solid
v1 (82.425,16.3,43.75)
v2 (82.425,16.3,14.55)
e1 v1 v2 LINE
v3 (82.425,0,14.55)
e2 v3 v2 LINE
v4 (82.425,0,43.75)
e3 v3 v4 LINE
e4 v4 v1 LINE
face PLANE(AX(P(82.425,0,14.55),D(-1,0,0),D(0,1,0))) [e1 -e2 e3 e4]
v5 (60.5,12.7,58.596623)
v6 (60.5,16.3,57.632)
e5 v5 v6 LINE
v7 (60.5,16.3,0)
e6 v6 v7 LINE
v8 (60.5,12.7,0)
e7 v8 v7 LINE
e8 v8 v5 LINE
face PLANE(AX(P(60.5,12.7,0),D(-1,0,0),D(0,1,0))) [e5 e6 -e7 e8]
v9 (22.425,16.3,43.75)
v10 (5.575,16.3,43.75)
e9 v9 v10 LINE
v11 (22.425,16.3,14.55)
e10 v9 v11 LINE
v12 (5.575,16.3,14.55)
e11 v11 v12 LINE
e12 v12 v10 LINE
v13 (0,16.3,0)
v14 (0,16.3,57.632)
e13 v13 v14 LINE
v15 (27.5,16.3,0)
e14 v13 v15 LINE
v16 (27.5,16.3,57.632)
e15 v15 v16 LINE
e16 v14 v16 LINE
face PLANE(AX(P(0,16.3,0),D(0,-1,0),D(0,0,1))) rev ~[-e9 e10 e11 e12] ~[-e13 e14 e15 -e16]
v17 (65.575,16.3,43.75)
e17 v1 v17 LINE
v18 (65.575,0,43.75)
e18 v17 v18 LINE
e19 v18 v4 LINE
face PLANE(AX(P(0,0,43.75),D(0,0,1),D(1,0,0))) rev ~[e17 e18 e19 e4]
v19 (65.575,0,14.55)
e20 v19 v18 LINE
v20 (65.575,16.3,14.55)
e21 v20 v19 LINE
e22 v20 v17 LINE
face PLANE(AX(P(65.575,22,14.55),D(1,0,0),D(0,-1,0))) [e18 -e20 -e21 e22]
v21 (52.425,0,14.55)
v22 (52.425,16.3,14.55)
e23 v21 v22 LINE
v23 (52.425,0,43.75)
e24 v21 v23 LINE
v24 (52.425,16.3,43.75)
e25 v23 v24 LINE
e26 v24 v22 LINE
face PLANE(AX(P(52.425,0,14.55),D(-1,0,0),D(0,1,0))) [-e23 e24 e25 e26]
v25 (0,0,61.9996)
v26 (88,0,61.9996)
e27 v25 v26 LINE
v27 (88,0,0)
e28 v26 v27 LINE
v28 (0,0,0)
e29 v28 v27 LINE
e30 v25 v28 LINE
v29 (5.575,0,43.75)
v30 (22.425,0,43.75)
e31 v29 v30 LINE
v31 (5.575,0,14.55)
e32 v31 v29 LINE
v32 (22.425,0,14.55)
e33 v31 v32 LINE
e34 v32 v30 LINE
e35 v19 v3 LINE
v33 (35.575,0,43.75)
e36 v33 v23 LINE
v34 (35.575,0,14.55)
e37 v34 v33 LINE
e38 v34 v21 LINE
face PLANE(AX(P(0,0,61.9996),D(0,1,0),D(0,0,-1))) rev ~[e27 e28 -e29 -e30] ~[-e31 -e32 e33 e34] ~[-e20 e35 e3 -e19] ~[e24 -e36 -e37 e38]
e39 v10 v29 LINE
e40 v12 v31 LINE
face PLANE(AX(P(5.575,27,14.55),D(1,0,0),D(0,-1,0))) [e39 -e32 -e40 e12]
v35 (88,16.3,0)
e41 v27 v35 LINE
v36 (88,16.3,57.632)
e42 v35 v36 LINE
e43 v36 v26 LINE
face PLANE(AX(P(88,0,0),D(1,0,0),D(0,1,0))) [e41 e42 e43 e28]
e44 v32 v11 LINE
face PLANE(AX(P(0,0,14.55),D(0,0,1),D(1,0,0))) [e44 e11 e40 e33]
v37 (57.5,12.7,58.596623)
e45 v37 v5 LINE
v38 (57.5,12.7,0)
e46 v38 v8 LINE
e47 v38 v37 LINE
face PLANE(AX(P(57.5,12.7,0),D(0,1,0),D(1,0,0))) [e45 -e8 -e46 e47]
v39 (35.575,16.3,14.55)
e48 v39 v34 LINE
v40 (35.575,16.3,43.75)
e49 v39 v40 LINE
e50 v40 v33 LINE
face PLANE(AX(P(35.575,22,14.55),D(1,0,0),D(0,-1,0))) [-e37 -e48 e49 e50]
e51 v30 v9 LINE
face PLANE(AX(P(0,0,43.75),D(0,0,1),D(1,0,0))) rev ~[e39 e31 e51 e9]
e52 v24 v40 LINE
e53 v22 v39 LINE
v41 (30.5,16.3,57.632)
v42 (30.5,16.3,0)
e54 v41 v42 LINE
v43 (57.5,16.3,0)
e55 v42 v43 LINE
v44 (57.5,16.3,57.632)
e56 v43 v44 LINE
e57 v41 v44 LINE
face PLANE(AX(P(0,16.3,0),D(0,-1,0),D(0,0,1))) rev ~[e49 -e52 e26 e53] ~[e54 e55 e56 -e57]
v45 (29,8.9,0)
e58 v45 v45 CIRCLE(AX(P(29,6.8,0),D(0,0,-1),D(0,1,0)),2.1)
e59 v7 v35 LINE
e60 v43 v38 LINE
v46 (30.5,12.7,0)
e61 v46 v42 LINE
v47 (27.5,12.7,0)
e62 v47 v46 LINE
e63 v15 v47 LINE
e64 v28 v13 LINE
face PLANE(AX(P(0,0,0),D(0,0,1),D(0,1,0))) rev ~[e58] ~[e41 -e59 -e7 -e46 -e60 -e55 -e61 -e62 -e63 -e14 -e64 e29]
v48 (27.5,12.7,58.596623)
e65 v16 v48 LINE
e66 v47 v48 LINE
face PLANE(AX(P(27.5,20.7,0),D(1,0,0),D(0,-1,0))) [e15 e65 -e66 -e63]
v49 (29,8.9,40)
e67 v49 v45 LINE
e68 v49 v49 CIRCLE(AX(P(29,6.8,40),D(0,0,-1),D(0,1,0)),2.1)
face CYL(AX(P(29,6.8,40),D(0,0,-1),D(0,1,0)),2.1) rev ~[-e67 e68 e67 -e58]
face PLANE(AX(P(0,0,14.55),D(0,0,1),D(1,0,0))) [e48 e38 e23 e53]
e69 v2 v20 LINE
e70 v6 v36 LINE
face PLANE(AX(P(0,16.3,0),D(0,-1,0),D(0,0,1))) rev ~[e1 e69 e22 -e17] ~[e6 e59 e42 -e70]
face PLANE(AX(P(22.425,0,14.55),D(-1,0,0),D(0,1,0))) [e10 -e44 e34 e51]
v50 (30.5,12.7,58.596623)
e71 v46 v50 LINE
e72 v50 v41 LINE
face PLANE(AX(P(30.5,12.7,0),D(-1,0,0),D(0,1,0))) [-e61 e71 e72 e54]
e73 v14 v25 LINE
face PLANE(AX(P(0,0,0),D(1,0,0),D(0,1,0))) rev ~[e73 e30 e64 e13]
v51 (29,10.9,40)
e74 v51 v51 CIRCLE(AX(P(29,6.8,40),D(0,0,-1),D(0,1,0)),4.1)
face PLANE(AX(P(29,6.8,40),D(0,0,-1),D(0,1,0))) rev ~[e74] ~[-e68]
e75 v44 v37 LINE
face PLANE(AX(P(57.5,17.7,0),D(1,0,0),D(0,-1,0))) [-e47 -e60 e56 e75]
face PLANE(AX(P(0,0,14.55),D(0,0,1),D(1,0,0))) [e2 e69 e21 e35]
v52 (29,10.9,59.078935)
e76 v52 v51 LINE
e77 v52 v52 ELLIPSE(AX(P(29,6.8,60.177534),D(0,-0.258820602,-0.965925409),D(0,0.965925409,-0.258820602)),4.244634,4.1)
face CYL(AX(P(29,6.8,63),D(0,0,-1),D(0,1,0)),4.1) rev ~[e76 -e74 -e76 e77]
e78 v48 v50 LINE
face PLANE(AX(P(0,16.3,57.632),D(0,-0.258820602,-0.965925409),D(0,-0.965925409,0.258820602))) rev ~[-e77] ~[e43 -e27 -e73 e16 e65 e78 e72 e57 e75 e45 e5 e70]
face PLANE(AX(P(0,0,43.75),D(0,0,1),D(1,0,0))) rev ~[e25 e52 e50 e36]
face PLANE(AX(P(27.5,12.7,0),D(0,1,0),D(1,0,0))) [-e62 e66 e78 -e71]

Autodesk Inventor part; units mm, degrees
sketch "Sketch_1" plane through (0, 0, 0) normal (1, 0, 0) x (0, 1, 0)
  line L0 (0, 61.9996) -> (0, 0)
  line L1 (0, 0) -> (16.3, 0)
  line L2 (16.3, 0) -> (16.3, 57.632)
  line L3 (16.3, 57.632) -> (0, 61.9996)
extrude "Extrusion1" add sketch "Sketch_1" along normal blind 88
sketch "Sketch_2" plane through (0, 0, 0) normal (0, 0, 1) x (1, 0, 0)
  line L0 (27.5, 20.7) -> (27.5, 12.7)
  line L1 (27.5, 12.7) -> (30.5, 12.7)
  line L2 (30.5, 12.7) -> (30.5, 17.7)
  line L3 (30.5, 17.7) -> (57.5, 17.7)
  line L4 (57.5, 17.7) -> (57.5, 12.7)
  line L5 (57.5, 12.7) -> (60.5, 12.7)
  line L6 (60.5, 12.7) -> (60.5, 20.7)
  line L7 (60.5, 20.7) -> (27.5, 20.7)
extrude "Extrusion2" cut sketch "Sketch_2" along normal blind 65
sketch "Sketch_3" plane through (0, 0, 14.55) normal (0, 0, 1) x (1, 0, 0)
  line L0 (5.575, 27) -> (5.575, 0)
  line L1 (5.575, 0) -> (22.425, 0)
  line L2 (22.425, 0) -> (22.425, 22)
  line L3 (22.425, 22) -> (35.575, 22)
  line L4 (35.575, 22) -> (35.575, 0)
  line L5 (35.575, 0) -> (52.425, 0)
  line L6 (52.425, 0) -> (52.425, 22)
  line L7 (52.425, 22) -> (65.575, 22)
  line L8 (65.575, 22) -> (65.575, 0)
  line L9 (65.575, 0) -> (82.425, 0)
  line L10 (82.425, 0) -> (82.425, 27)
  line L11 (82.425, 27) -> (5.575, 27)
extrude "Extrusion3" cut sketch "Sketch_3" along normal blind 29.2
sketch "Sketch_5" plane through (29, 0, 0) normal (1, 0, 0) x (0, 0, -1)
  line L0 (0, 6.8) -> (-63, 6.8)
  line L1 (-63, 6.8) -> (-63, 10.9)
  line L2 (-63, 10.9) -> (-40, 10.9)
  line L3 (-40, 10.9) -> (-40, 8.9)
  line L4 (-40, 8.9) -> (0, 8.9)
  line L5 (0, 8.9) -> (0, 6.8)
  line L6 (0, 6.8) -> (-63, 6.8)
revolve "Revolution1" cut sketch "Sketch_5" angle 360 about axis through (29, 6.8, 0) along (0, 0, -1)
ref_plane "P2_XY" through (-1, 0, 0) normal (0, -1, 0) x (1, 0, 0)
ref_plane "P2_YZ" through (-1, 0, 0) normal (1, 0, 0) x (0, 0, 1)
ref_plane "P2_ZX" through (-1, 0, 0) normal (0, 0, 1) x (0, -1, 0)
properties part number "nzm1_3p_p2"
